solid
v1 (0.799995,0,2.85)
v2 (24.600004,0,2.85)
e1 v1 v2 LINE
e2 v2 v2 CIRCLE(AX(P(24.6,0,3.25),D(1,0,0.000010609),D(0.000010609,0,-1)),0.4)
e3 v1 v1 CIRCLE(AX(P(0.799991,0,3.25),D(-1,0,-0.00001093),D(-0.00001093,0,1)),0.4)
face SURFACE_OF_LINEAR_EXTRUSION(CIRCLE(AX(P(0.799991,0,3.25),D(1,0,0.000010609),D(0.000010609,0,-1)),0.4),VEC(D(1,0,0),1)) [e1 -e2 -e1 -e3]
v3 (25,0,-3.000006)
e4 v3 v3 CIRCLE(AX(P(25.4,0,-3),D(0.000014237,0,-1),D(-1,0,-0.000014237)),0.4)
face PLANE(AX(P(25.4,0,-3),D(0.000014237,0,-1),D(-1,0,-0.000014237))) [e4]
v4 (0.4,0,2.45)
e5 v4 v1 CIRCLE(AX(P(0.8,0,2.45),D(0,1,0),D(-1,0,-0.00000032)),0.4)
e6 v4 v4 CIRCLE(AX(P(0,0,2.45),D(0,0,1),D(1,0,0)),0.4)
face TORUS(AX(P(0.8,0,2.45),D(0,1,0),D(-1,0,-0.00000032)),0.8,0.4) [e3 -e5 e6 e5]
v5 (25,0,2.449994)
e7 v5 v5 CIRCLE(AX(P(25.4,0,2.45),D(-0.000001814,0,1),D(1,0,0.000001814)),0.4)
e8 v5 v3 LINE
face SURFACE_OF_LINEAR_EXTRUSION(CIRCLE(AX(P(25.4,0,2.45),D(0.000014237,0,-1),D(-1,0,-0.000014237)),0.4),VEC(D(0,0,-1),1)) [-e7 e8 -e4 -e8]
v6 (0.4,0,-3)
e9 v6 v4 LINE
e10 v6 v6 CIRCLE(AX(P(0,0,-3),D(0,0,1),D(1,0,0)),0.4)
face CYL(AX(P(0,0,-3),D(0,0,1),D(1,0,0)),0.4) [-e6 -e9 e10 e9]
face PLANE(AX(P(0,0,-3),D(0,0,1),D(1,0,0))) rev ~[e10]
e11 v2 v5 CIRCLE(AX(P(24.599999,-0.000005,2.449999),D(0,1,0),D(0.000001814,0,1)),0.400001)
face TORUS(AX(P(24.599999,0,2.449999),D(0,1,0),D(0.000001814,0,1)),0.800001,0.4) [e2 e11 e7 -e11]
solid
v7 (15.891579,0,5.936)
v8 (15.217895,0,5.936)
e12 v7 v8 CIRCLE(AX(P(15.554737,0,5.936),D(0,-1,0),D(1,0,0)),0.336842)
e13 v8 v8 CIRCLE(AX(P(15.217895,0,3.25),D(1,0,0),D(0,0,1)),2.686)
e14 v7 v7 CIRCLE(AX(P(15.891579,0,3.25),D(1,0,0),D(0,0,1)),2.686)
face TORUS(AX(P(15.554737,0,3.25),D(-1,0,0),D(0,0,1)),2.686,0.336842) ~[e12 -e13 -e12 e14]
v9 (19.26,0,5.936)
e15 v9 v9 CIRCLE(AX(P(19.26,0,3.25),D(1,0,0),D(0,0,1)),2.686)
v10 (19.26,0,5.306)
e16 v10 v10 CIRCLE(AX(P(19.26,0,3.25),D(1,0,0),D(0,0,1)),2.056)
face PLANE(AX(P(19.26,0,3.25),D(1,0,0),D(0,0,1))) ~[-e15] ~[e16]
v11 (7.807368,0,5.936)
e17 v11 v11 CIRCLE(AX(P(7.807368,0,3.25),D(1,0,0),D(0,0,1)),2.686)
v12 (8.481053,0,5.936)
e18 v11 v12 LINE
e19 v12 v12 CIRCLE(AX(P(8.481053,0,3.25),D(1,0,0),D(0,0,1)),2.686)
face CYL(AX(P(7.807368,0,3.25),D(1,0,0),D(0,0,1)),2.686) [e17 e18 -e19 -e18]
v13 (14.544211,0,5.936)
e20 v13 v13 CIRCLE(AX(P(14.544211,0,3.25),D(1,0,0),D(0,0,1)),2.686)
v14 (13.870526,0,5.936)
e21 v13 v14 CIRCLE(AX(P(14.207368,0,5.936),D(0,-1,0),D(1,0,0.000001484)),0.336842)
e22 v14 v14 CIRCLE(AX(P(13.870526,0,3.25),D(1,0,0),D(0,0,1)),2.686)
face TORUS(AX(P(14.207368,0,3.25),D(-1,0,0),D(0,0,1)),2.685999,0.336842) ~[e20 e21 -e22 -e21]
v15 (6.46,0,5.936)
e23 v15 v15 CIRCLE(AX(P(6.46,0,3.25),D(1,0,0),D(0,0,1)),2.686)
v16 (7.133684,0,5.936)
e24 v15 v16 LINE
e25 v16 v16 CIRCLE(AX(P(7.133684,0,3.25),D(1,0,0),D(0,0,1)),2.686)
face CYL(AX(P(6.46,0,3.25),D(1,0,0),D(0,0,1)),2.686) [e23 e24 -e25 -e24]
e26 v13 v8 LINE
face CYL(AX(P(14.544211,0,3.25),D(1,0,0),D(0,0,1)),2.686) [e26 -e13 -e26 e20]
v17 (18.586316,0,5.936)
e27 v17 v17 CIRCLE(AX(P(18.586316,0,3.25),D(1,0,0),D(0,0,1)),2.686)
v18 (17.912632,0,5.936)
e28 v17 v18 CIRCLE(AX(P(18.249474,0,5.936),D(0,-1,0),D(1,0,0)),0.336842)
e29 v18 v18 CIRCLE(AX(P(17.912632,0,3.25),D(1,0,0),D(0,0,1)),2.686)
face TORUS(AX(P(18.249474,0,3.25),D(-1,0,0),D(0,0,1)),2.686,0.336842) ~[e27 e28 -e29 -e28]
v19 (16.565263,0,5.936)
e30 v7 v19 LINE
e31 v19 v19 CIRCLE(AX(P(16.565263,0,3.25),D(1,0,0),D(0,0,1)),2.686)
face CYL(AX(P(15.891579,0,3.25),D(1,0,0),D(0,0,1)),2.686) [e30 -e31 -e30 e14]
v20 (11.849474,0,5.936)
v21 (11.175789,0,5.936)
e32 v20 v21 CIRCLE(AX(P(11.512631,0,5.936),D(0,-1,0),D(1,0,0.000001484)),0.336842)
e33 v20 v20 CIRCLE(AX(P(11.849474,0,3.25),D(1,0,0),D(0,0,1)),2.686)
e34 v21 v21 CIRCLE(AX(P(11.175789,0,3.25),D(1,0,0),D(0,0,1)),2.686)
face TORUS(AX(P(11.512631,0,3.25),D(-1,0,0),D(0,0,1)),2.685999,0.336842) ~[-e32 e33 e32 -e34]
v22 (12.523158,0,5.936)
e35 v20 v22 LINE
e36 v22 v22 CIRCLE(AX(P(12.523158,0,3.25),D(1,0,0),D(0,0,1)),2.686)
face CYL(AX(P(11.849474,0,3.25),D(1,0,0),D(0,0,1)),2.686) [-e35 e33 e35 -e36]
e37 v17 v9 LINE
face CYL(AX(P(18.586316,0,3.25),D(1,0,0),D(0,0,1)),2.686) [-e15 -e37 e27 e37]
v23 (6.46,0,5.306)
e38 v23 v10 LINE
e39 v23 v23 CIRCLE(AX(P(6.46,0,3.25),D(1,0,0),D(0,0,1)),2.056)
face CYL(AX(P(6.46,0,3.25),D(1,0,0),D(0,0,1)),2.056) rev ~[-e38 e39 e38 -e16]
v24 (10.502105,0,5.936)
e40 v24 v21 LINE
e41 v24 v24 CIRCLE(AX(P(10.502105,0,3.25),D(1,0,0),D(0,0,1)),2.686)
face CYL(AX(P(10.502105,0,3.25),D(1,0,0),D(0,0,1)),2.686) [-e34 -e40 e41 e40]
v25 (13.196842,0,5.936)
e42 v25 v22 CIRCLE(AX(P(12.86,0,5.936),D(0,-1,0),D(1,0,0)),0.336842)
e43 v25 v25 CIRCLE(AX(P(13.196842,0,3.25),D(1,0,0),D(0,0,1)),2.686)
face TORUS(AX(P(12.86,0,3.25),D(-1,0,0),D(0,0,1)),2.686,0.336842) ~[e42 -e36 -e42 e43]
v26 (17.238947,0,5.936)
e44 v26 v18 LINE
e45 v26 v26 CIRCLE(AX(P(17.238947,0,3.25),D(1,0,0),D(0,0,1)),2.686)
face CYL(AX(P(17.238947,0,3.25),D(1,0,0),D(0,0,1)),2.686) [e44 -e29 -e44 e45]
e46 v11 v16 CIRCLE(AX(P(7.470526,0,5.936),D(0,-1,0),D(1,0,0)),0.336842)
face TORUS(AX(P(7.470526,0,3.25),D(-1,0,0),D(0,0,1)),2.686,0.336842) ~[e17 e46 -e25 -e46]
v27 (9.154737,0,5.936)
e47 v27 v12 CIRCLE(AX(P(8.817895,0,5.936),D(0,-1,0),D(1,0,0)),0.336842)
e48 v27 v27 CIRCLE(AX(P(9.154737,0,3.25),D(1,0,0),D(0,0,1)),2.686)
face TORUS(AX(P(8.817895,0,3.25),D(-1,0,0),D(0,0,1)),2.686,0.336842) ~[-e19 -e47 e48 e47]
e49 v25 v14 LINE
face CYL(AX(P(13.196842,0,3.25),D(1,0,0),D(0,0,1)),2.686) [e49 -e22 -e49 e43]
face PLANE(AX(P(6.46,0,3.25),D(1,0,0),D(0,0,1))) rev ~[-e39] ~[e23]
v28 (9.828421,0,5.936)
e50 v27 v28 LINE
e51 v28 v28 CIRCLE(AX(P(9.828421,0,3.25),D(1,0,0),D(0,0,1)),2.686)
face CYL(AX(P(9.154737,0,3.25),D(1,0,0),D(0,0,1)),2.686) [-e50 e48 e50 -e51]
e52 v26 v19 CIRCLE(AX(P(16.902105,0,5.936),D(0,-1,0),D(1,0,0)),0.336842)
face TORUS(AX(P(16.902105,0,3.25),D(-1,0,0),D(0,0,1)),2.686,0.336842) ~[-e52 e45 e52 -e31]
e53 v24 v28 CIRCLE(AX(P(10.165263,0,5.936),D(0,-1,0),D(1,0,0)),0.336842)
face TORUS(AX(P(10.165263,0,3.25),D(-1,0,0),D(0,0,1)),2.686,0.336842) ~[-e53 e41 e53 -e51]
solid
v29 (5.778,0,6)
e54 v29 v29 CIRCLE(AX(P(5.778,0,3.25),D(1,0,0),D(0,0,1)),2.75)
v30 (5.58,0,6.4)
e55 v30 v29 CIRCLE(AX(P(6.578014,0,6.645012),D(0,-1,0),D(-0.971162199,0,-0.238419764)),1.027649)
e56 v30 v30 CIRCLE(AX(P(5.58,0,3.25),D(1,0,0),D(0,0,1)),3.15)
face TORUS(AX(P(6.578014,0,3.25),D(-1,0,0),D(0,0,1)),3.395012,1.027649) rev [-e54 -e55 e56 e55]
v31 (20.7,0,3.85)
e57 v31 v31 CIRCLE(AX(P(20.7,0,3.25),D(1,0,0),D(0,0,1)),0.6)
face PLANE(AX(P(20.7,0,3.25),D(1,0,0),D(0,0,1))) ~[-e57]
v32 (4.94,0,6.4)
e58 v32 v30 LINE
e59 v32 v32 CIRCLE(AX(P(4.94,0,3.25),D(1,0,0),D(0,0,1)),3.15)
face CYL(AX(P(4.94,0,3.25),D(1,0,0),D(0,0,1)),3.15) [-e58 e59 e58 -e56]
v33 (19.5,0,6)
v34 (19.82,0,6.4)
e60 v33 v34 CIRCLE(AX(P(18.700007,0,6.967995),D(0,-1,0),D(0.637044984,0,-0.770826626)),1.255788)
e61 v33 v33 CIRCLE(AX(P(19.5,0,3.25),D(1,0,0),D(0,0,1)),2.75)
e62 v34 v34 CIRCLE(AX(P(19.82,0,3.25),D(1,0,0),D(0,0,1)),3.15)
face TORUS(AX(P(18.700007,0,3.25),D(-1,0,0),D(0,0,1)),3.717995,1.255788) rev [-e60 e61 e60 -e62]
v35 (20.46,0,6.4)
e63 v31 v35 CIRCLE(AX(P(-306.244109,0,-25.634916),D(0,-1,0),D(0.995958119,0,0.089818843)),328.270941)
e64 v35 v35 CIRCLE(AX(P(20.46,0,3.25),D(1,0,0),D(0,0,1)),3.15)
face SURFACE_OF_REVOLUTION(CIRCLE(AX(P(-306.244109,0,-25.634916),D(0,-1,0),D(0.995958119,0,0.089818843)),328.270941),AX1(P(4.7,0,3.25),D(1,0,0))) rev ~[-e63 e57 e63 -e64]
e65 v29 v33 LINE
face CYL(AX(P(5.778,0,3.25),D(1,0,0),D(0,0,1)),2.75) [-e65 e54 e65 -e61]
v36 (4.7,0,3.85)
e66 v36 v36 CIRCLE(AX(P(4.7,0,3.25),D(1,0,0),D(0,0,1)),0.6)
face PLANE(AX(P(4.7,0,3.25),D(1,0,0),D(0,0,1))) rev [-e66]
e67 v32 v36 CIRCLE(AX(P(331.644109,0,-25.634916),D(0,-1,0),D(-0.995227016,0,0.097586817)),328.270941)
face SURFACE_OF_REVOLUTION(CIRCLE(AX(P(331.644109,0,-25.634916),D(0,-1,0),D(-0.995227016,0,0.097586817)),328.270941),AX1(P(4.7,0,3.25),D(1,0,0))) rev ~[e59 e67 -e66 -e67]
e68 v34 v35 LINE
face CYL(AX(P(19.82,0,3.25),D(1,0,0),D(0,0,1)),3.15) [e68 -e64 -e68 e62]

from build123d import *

# Parameters (mm, degrees)
SKETCH_R = 0.4


with BuildPart() as revolution:
    # Sketch002 → Revolution (revolve)
    with BuildSketch(Plane.XZ):
        with BuildLine():
            Line((4.94, 6.4), (5.58, 6.4))
            ThreePointArc((5.58, 6.4), (5.657022, 6.189121), (5.778, 6))
            Line((5.778, 6), (19.5, 6))
            ThreePointArc((19.5, 6), (19.680612, 6.18351), (19.82, 6.4))
            Line((19.82, 6.4), (20.46, 6.4))
            ThreePointArc((20.7, 3.85), (20.582487, 5.125234), (20.46, 6.4))
            Line((20.7, 3.25), (20.7, 3.85))
            Line((4.7, 3.25), (20.7, 3.25))
            Line((4.7, 3.25), (4.7, 3.85))
            ThreePointArc((4.94, 6.4), (4.817513, 5.125234), (4.7, 3.85))
        make_face()
    revolve(axis=Axis((4.7, 0, 3.25), (1, 0, 0)))


with BuildPart() as sweep_body:
    # Sweep: sweep along a path in Sketch001
    with BuildLine(Plane.XZ) as sweep_path:
        Line((0, -3), (0, 2.45))
        ThreePointArc((0, 2.45), (0.234311, 3.015682), (0.799991, 3.25))
        Line((0.799991, 3.25), (24.6, 3.25))
        ThreePointArc((24.6, 3.25), (25.165685, 3.015685), (25.4, 2.45))
        Line((25.4, 2.45), (25.4, -3))
    # Sketch → Sweep (sweep)
    with BuildSketch(Plane.XY.offset(-2)):
        Circle(SKETCH_R)
    sweep(path=sweep_path.line)


with BuildPart() as revolution001:
    # Sketch003 → Revolution001 (revolve)
    with BuildSketch(Plane.XZ):
        with BuildLine():
            ThreePointArc((7.807368, 5.936), (7.470526, 6.272842), (7.133684, 5.936))
            Line((6.46, 5.936), (7.133684, 5.936))
            Line((6.46, 5.936), (6.46, 5.306))
            Line((6.46, 5.306), (19.26, 5.306))
            Line((19.26, 5.306), (19.26, 5.936))
            Line((18.586316, 5.936), (19.26, 5.936))
            ThreePointArc((18.586316, 5.936), (18.249474, 6.272842), (17.912632, 5.936))
            Line((17.238947, 5.936), (17.912632, 5.936))
            ThreePointArc((17.238947, 5.936), (16.902105, 6.272842), (16.565263, 5.936))
            Line((15.891579, 5.936), (16.565263, 5.936))
            ThreePointArc((15.891579, 5.936), (15.554737, 6.272842), (15.217895, 5.936))
            Line((14.544211, 5.936), (15.217895, 5.936))
            ThreePointArc((14.544211, 5.936), (14.207368, 6.272842), (13.870526, 5.936))
            Line((13.196842, 5.936), (13.870526, 5.936))
            ThreePointArc((13.196842, 5.936), (12.86, 6.272842), (12.523158, 5.936))
            Line((11.849474, 5.936), (12.523158, 5.936))
            ThreePointArc((11.849474, 5.936), (11.512632, 6.272842), (11.175789, 5.936))
            Line((10.502105, 5.936), (11.175789, 5.936))
            ThreePointArc((10.502105, 5.936), (10.165263, 6.272842), (9.828421, 5.936))
            Line((9.154737, 5.936), (9.828421, 5.936))
            ThreePointArc((9.154737, 5.936), (8.817895, 6.272842), (8.481053, 5.936))
            Line((7.807368, 5.936), (8.481053, 5.936))
        make_face()
    revolve(axis=Axis((5.1, 0, 3.25), (1, 0, 0)))


solid = Compound([revolution.part, sweep_body.part, revolution001.part])
